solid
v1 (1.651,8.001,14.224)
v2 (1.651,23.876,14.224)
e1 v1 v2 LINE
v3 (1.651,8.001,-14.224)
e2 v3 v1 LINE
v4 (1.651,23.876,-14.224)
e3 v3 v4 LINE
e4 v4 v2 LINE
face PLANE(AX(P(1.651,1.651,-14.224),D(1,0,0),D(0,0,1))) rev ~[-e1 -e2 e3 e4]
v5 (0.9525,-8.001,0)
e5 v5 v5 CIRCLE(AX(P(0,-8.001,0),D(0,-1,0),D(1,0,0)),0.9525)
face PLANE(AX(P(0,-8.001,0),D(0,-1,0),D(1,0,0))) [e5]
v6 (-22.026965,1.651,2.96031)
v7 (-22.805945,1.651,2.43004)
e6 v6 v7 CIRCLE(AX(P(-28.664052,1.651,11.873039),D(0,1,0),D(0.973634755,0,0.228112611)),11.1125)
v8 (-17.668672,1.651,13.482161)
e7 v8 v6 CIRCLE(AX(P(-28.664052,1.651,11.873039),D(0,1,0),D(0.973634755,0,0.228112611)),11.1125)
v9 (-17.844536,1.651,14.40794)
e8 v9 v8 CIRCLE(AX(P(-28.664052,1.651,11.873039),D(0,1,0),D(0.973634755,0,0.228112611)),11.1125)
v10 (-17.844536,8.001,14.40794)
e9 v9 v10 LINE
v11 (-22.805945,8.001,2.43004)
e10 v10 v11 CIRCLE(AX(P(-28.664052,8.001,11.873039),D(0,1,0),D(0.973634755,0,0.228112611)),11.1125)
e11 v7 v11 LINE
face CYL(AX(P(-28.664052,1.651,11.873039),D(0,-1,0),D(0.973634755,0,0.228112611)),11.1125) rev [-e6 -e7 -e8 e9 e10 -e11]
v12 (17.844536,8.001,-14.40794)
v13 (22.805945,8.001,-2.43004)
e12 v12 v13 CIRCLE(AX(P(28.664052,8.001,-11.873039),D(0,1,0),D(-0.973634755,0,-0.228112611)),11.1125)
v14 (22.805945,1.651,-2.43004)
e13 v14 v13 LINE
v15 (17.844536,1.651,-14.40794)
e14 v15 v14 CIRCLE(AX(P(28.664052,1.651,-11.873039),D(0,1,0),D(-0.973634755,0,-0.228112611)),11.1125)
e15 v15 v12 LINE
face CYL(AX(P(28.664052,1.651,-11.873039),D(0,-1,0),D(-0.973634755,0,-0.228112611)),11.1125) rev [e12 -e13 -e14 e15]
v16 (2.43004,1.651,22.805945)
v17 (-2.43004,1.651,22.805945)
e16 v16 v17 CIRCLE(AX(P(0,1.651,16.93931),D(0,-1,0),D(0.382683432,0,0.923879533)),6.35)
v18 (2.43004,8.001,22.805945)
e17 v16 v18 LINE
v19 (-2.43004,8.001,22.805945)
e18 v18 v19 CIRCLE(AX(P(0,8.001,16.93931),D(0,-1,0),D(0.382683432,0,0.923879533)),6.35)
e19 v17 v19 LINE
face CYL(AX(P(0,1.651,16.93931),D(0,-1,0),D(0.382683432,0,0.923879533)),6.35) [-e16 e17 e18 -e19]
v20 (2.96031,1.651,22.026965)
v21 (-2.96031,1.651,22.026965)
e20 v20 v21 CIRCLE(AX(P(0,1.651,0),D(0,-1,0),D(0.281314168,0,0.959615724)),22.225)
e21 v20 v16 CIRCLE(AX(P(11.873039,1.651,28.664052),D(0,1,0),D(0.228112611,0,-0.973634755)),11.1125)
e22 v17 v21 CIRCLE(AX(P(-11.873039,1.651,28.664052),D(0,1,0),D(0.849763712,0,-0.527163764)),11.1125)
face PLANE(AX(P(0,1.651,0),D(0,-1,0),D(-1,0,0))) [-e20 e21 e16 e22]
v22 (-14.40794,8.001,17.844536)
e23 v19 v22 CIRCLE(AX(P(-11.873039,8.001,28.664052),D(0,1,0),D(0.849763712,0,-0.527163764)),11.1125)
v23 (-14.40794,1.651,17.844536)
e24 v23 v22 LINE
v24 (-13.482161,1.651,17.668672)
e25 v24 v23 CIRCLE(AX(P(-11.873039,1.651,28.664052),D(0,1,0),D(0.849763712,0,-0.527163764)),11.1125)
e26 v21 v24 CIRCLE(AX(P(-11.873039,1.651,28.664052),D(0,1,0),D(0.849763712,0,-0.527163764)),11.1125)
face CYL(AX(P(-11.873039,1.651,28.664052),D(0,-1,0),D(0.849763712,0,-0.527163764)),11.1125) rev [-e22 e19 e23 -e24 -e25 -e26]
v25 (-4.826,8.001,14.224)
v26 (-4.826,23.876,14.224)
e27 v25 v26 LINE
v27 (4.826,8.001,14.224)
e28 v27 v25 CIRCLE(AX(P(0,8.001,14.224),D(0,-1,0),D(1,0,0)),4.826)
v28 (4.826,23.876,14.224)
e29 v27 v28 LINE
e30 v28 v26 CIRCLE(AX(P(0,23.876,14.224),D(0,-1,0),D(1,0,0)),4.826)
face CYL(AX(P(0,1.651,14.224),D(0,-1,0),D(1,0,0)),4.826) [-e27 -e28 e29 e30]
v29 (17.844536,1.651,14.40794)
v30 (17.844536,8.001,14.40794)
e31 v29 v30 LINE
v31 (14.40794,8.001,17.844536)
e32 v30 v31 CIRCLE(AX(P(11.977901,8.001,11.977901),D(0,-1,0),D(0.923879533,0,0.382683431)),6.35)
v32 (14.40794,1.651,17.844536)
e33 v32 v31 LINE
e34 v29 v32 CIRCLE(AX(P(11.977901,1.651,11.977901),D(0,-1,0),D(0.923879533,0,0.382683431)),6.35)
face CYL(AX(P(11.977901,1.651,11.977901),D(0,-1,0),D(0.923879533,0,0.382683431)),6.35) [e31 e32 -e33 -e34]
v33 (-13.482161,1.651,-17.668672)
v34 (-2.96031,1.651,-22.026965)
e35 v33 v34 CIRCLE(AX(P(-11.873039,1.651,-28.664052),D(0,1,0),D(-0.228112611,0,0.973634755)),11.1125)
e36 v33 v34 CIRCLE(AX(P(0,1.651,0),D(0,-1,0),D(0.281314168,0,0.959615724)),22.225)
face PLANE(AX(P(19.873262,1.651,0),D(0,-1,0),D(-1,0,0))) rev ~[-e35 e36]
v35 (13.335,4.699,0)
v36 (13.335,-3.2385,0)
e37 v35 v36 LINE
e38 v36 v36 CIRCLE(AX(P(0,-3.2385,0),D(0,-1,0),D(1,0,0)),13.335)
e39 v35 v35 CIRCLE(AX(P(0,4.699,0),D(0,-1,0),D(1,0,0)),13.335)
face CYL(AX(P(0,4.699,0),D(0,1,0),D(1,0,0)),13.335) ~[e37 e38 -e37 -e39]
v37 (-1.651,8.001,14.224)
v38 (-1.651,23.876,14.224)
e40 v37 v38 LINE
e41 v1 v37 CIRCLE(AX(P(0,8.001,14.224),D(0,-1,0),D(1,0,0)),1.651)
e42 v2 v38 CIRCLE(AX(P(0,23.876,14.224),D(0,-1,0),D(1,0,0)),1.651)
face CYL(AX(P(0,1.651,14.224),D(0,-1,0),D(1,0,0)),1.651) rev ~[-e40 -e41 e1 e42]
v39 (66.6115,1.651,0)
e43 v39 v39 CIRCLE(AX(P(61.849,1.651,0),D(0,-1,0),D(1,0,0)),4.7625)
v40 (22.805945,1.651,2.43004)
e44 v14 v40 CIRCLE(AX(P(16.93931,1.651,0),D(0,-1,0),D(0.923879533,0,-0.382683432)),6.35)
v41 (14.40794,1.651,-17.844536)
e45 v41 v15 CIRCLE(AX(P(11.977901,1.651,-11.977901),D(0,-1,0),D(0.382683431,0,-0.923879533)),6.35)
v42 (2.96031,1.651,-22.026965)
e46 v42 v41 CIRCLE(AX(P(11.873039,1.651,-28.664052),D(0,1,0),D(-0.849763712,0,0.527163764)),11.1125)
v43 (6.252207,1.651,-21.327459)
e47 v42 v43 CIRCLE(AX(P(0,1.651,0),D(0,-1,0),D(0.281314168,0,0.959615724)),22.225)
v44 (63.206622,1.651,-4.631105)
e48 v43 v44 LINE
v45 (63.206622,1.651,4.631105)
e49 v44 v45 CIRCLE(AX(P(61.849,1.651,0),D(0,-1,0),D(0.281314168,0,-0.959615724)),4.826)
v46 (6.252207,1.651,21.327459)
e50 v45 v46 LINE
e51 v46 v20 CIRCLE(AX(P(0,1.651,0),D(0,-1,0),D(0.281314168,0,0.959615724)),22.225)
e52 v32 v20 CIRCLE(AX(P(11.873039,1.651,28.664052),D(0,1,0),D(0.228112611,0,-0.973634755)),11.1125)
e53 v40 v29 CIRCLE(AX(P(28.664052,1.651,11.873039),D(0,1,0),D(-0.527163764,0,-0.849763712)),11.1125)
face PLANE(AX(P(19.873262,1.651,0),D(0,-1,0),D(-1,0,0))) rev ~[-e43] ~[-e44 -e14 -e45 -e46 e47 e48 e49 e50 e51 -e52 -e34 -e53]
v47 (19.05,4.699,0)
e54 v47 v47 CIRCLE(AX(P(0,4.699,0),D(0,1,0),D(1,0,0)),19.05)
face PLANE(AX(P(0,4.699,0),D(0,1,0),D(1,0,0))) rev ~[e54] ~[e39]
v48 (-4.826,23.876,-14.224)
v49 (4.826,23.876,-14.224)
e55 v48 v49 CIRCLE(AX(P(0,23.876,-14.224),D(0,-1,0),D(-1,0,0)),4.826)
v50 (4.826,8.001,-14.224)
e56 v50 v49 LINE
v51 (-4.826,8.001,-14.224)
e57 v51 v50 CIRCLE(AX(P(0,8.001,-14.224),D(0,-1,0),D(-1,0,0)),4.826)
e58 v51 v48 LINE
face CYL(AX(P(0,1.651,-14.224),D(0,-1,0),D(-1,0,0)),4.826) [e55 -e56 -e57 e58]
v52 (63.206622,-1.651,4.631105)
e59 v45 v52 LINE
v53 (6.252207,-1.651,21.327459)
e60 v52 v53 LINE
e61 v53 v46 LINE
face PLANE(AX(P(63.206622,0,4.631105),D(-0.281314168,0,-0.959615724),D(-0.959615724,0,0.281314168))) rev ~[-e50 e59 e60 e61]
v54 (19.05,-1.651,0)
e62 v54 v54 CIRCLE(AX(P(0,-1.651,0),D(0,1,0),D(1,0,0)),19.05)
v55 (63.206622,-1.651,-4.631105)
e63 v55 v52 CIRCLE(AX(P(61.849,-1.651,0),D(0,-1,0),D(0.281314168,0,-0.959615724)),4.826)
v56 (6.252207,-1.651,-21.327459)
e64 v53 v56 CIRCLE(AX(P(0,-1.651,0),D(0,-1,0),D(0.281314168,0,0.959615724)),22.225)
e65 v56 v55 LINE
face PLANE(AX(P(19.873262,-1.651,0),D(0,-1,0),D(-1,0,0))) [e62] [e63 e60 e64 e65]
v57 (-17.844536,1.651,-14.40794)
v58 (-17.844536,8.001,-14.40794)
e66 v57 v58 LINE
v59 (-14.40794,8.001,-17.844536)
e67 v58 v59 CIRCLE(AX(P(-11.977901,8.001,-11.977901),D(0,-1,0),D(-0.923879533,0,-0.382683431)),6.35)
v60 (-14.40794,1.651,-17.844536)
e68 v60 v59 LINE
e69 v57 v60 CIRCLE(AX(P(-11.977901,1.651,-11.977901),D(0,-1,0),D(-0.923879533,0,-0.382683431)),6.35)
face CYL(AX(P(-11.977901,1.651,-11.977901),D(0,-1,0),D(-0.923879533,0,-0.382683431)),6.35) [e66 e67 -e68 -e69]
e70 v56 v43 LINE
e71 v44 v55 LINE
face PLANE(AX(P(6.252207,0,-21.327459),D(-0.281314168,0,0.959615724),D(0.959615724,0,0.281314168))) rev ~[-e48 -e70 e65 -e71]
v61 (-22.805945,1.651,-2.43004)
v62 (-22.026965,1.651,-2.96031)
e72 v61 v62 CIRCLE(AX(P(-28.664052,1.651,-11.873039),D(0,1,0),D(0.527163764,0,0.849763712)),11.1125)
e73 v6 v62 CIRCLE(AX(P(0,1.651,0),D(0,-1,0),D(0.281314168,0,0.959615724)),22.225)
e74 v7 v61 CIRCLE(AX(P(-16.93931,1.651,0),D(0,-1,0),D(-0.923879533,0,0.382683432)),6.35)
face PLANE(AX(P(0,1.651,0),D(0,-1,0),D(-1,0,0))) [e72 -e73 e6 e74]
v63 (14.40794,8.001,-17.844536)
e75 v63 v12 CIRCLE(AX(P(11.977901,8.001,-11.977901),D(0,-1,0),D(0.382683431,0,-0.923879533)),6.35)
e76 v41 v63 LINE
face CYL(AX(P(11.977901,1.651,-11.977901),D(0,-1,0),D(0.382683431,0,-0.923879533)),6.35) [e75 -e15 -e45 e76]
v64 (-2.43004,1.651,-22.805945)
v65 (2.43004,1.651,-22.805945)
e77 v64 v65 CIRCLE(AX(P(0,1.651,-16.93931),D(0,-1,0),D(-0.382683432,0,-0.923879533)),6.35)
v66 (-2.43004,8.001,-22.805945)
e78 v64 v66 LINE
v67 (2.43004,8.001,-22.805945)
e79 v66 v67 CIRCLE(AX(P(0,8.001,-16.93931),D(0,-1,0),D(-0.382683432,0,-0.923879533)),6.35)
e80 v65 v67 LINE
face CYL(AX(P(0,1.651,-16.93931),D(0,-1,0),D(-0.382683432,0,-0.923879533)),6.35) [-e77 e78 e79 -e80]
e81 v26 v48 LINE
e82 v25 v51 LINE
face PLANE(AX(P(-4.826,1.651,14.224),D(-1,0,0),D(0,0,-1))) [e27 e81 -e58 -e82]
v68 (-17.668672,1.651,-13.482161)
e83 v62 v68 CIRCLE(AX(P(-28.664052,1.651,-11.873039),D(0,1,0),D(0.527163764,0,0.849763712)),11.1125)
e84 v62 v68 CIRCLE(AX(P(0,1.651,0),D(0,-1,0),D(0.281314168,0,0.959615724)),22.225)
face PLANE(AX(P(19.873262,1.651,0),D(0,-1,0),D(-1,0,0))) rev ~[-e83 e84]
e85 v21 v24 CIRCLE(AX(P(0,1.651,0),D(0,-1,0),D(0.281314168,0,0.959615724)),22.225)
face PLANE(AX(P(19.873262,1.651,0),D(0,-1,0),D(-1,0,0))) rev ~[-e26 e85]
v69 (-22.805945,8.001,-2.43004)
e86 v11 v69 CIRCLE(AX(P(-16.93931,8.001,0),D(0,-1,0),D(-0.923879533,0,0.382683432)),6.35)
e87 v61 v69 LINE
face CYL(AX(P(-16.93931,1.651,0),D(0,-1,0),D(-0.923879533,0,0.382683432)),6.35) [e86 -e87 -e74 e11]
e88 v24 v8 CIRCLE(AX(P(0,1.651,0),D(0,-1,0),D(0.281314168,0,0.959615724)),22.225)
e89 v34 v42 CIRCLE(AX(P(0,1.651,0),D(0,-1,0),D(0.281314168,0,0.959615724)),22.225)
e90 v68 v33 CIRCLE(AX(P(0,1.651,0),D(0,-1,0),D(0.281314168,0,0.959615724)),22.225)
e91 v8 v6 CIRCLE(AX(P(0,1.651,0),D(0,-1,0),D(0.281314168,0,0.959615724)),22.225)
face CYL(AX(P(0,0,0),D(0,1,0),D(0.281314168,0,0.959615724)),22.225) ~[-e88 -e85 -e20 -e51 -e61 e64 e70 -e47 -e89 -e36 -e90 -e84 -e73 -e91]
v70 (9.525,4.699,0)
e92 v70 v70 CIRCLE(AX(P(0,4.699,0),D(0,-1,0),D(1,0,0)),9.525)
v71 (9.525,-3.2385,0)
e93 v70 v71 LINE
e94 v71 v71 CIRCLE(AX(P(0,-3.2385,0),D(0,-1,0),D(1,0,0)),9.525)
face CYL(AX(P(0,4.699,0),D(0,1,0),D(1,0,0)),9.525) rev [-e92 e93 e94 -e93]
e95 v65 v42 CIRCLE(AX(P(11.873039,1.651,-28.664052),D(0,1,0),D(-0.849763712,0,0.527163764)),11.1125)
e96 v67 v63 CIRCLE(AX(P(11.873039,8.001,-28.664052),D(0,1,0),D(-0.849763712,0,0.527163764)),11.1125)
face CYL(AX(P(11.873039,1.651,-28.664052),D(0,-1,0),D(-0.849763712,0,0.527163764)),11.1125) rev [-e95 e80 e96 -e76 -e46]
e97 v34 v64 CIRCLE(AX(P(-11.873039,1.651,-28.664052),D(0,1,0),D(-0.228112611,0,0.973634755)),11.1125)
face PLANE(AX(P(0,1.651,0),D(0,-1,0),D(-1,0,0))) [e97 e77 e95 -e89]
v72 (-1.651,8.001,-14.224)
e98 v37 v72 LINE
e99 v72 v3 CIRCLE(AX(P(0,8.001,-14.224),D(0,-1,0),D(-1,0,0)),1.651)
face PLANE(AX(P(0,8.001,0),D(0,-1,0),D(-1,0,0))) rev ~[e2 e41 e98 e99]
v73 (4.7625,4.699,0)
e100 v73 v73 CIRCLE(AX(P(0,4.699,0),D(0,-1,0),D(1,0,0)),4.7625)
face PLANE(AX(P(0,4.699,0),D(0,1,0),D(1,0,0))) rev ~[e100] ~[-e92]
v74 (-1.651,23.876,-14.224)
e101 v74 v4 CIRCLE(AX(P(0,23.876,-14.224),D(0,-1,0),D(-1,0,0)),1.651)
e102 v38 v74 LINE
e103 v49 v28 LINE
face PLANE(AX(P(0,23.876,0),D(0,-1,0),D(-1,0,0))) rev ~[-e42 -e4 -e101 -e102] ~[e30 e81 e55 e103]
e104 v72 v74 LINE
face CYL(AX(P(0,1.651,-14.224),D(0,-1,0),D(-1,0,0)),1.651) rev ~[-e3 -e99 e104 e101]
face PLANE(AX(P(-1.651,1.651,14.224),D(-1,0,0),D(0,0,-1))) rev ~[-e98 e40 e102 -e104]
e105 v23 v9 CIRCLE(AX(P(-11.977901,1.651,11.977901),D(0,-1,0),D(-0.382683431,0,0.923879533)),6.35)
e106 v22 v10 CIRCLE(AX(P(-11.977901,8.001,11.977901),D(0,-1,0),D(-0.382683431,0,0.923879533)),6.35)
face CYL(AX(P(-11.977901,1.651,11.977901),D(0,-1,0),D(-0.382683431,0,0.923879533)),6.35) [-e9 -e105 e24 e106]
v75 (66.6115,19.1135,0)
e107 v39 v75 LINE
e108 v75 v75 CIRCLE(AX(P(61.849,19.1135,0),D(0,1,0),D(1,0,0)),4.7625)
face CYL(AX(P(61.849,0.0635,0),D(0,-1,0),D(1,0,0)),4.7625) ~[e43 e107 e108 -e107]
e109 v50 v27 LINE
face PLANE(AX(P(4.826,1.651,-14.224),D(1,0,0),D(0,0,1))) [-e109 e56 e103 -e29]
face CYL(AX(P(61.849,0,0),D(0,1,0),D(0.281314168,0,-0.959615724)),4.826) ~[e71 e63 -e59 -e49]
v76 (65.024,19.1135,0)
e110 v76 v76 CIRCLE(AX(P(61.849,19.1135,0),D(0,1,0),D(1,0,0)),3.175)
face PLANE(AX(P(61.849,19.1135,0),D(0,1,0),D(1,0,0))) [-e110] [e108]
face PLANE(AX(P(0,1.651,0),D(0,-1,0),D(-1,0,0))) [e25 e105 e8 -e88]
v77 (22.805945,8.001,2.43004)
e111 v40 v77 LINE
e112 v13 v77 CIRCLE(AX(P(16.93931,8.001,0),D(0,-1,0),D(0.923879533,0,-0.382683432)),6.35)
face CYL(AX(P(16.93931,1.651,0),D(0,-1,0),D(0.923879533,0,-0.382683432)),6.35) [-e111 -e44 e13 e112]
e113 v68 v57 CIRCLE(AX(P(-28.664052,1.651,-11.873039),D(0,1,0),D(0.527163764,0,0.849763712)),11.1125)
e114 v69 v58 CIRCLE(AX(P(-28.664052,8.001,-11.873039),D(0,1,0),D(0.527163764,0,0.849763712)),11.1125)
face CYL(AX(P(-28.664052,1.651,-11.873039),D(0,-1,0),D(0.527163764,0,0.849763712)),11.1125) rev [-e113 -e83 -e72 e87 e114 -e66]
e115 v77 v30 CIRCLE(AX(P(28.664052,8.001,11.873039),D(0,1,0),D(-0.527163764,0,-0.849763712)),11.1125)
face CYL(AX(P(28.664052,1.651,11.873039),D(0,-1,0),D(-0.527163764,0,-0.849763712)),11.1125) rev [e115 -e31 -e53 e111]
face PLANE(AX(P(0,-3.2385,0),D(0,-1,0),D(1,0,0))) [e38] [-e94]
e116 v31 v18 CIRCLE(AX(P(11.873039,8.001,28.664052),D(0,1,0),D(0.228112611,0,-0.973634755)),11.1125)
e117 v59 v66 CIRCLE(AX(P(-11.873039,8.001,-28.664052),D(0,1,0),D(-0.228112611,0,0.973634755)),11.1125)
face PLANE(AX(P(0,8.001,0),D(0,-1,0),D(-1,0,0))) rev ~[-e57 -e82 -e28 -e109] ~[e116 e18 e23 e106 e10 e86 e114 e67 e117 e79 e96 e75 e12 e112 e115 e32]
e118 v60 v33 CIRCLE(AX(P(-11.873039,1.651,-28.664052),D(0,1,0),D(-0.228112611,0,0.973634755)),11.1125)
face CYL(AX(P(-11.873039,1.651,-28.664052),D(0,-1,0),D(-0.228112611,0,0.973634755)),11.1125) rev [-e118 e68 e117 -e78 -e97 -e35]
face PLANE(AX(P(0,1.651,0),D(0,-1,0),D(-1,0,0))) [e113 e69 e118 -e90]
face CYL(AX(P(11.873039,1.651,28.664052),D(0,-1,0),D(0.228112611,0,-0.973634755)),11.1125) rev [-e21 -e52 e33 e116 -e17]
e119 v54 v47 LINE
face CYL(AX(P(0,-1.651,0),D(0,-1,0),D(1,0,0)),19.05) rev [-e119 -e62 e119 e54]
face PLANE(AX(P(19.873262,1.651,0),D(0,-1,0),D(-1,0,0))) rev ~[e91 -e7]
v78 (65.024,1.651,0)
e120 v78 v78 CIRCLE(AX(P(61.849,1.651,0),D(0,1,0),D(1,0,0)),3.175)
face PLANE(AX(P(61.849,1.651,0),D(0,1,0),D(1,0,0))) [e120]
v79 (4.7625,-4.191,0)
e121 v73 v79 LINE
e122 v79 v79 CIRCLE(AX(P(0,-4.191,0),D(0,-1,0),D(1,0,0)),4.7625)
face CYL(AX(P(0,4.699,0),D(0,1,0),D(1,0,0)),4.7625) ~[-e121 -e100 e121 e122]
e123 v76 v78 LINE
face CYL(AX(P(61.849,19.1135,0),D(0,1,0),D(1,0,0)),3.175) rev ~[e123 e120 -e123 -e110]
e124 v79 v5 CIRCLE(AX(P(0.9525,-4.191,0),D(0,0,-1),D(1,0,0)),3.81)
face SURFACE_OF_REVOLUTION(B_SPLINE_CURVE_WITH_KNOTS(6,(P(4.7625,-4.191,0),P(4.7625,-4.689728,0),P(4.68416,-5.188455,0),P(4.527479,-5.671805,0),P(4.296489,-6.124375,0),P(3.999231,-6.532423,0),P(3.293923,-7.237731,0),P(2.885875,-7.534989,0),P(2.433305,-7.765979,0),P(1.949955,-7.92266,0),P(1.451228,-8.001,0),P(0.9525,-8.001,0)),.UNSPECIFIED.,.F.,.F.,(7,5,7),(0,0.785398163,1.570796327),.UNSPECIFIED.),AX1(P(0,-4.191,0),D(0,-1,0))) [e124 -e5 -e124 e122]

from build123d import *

# Parameters (mm, degrees)
BOSS_EXTRUDE1_DEPTH = 1.651
BOSS_EXTRUDE2_DEPTH = 6.35
BOSS_EXTRUDE3_START = -6.35
BOSS_EXTRUDE3_DEPTH = 22.225
BOSS_EXTRUDE4_START = -1.5875
SKETCH5_R           = 4.7625
BOSS_EXTRUDE4_DEPTH = 19.05
SKETCH6_R           = 3.175
CUT_EXTRUDE1_DEPTH  = 17.4625
SKETCH7_R           = 19.05
CUT_EXTRUDE3_DEPTH  = 6.35
SKETCH8_R           = 13.335
SKETCH8_R_2         = 9.525
BOSS_EXTRUDE5_DEPTH = 7.9375
SKETCH9_R           = 4.7625
BOSS_EXTRUDE6_DEPTH = 12.7
FILLET3_R           = 3.81


with BuildPart() as part:
    # Sketch1 → Boss-Extrude1 (new body, symmetric)
    with BuildSketch(Plane(origin=(0, 0, 0), x_dir=(1, 0, 0), z_dir=(0, 1, 0))):
        with BuildLine():
            Line((6.252207392, 21.327459477), (63.206622177, 4.631105486))
            ThreePointArc((63.206622177, 4.631105486), (66.675, 0), (63.206622177, -4.631105486))
            Line((63.206622177, -4.631105486), (6.252207392, -21.327459477))
            ThreePointArc((6.252207392, -21.327459477), (-22.225, 0), (6.252207392, 21.327459477))
        make_face()
    extrude(amount=BOSS_EXTRUDE1_DEPTH, both=True)

    # Sketch2 → Boss-Extrude2 (add)
    with BuildSketch(Plane(origin=(0, 1.651, 0), x_dir=(1, 0, 0), z_dir=(0, 1, 0))):
        with BuildLine():
            ThreePointArc((-17.844535667, 14.407940431), (-16.468028697, 16.468028697), (-14.407940431, 17.844535667))
            ThreePointArc((-14.407940431, 17.844535667), (-7.620469402, 18.397440581), (-2.430039796, 22.80594456))
            ThreePointArc((-2.430039796, 22.80594456), (0, 23.289309528), (2.430039796, 22.80594456))
            ThreePointArc((2.430039796, 22.80594456), (7.620469402, 18.397440581), (14.407940431, 17.844535667))
            ThreePointArc((14.407940431, 17.844535667), (16.468028697, 16.468028697), (17.844535667, 14.407940431))
            ThreePointArc((17.844535667, 14.407940431), (18.397440581, 7.620469402), (22.80594456, 2.430039796))
            ThreePointArc((22.80594456, 2.430039796), (23.289309528, 0), (22.80594456, -2.430039796))
            ThreePointArc((22.80594456, -2.430039796), (18.397440581, -7.620469402), (17.844535667, -14.407940431))
            ThreePointArc((17.844535667, -14.407940431), (16.468028697, -16.468028697), (14.407940431, -17.844535667))
            ThreePointArc((14.407940431, -17.844535667), (7.620469402, -18.397440581), (2.430039796, -22.80594456))
            ThreePointArc((2.430039796, -22.80594456), (0, -23.289309528), (-2.430039796, -22.80594456))
            ThreePointArc((-2.430039796, -22.80594456), (-7.620469402, -18.397440581), (-14.407940431, -17.844535667))
            ThreePointArc((-14.407940431, -17.844535667), (-16.468028697, -16.468028697), (-17.844535667, -14.407940431))
            ThreePointArc((-17.844535667, -14.407940431), (-18.397440581, -7.620469402), (-22.80594456, -2.430039796))
            ThreePointArc((-22.80594456, -2.430039796), (-23.289309528, 0), (-22.80594456, 2.430039796))
            ThreePointArc((-22.80594456, 2.430039796), (-18.397440581, 7.620469402), (-17.844535667, 14.407940431))
        make_face()
    extrude(amount=BOSS_EXTRUDE2_DEPTH)

    # Sketch4 → Boss-Extrude3 (add)
    with BuildSketch(Plane(origin=(0, 8.001, 0), x_dir=(1, 0, 0), z_dir=(0, 1, 0)).offset(BOSS_EXTRUDE3_START)):
        with BuildLine():
            Line((-4.826, -14.224), (-4.826, 14.224))
            ThreePointArc((-4.826, 14.224), (0, 19.05), (4.826, 14.224))
            Line((4.826, 14.224), (4.826, -14.224))
            ThreePointArc((4.826, -14.224), (0, -19.05), (-4.826, -14.224))
        make_face()
        with BuildLine():
            Line((-1.651, -14.224), (-1.651, 14.224))
            ThreePointArc((-1.651, 14.224), (0, 15.875), (1.651, 14.224))
            Line((1.651, 14.224), (1.651, -14.224))
            ThreePointArc((1.651, -14.224), (0, -15.875), (-1.651, -14.224))
        make_face(mode=Mode.SUBTRACT)
    extrude(amount=BOSS_EXTRUDE3_DEPTH)

    # Sketch5 → Boss-Extrude4 (add)
    with BuildSketch(Plane(origin=(0, 1.651, 0), x_dir=(1, 0, 0), z_dir=(0, 1, 0)).offset(BOSS_EXTRUDE4_START)):
        with Locations((61.849, 0)):
            Circle(SKETCH5_R)
    extrude(amount=BOSS_EXTRUDE4_DEPTH)

    # Sketch6 → Cut-Extrude1 (cut)
    with BuildSketch(Plane(origin=(0, 19.1135, 0), x_dir=(1, 0, 0), z_dir=(0, 1, 0))):
        with Locations((61.849, 0)):
            Circle(SKETCH6_R)
    extrude(amount=-CUT_EXTRUDE1_DEPTH, mode=Mode.SUBTRACT)

    # Sketch7 → Cut-Extrude3 (cut)
    with BuildSketch(Plane(origin=(0, -1.651, 0), x_dir=(1, 0, 0), z_dir=(0, 1, 0))):
        Circle(SKETCH7_R)
    extrude(amount=CUT_EXTRUDE3_DEPTH, mode=Mode.SUBTRACT)

    # Sketch8 → Boss-Extrude5 (add)
    with BuildSketch(Plane.XZ.offset(-4.699)):
        Circle(SKETCH8_R)
        Circle(SKETCH8_R_2, mode=Mode.SUBTRACT)
    extrude(amount=BOSS_EXTRUDE5_DEPTH)

    # Sketch9 → Boss-Extrude6 (add)
    with BuildSketch(Plane.XZ.offset(-4.699)):
        Circle(SKETCH9_R)
    extrude(amount=BOSS_EXTRUDE6_DEPTH)

    # Fillet3
    fillet3_edges = [part.edges().sort_by_distance(p)[0] for p in [
        (-4.7625, -8.001, 0),
    ]]
    fillet(fillet3_edges, radius=FILLET3_R)


solid = part.part
